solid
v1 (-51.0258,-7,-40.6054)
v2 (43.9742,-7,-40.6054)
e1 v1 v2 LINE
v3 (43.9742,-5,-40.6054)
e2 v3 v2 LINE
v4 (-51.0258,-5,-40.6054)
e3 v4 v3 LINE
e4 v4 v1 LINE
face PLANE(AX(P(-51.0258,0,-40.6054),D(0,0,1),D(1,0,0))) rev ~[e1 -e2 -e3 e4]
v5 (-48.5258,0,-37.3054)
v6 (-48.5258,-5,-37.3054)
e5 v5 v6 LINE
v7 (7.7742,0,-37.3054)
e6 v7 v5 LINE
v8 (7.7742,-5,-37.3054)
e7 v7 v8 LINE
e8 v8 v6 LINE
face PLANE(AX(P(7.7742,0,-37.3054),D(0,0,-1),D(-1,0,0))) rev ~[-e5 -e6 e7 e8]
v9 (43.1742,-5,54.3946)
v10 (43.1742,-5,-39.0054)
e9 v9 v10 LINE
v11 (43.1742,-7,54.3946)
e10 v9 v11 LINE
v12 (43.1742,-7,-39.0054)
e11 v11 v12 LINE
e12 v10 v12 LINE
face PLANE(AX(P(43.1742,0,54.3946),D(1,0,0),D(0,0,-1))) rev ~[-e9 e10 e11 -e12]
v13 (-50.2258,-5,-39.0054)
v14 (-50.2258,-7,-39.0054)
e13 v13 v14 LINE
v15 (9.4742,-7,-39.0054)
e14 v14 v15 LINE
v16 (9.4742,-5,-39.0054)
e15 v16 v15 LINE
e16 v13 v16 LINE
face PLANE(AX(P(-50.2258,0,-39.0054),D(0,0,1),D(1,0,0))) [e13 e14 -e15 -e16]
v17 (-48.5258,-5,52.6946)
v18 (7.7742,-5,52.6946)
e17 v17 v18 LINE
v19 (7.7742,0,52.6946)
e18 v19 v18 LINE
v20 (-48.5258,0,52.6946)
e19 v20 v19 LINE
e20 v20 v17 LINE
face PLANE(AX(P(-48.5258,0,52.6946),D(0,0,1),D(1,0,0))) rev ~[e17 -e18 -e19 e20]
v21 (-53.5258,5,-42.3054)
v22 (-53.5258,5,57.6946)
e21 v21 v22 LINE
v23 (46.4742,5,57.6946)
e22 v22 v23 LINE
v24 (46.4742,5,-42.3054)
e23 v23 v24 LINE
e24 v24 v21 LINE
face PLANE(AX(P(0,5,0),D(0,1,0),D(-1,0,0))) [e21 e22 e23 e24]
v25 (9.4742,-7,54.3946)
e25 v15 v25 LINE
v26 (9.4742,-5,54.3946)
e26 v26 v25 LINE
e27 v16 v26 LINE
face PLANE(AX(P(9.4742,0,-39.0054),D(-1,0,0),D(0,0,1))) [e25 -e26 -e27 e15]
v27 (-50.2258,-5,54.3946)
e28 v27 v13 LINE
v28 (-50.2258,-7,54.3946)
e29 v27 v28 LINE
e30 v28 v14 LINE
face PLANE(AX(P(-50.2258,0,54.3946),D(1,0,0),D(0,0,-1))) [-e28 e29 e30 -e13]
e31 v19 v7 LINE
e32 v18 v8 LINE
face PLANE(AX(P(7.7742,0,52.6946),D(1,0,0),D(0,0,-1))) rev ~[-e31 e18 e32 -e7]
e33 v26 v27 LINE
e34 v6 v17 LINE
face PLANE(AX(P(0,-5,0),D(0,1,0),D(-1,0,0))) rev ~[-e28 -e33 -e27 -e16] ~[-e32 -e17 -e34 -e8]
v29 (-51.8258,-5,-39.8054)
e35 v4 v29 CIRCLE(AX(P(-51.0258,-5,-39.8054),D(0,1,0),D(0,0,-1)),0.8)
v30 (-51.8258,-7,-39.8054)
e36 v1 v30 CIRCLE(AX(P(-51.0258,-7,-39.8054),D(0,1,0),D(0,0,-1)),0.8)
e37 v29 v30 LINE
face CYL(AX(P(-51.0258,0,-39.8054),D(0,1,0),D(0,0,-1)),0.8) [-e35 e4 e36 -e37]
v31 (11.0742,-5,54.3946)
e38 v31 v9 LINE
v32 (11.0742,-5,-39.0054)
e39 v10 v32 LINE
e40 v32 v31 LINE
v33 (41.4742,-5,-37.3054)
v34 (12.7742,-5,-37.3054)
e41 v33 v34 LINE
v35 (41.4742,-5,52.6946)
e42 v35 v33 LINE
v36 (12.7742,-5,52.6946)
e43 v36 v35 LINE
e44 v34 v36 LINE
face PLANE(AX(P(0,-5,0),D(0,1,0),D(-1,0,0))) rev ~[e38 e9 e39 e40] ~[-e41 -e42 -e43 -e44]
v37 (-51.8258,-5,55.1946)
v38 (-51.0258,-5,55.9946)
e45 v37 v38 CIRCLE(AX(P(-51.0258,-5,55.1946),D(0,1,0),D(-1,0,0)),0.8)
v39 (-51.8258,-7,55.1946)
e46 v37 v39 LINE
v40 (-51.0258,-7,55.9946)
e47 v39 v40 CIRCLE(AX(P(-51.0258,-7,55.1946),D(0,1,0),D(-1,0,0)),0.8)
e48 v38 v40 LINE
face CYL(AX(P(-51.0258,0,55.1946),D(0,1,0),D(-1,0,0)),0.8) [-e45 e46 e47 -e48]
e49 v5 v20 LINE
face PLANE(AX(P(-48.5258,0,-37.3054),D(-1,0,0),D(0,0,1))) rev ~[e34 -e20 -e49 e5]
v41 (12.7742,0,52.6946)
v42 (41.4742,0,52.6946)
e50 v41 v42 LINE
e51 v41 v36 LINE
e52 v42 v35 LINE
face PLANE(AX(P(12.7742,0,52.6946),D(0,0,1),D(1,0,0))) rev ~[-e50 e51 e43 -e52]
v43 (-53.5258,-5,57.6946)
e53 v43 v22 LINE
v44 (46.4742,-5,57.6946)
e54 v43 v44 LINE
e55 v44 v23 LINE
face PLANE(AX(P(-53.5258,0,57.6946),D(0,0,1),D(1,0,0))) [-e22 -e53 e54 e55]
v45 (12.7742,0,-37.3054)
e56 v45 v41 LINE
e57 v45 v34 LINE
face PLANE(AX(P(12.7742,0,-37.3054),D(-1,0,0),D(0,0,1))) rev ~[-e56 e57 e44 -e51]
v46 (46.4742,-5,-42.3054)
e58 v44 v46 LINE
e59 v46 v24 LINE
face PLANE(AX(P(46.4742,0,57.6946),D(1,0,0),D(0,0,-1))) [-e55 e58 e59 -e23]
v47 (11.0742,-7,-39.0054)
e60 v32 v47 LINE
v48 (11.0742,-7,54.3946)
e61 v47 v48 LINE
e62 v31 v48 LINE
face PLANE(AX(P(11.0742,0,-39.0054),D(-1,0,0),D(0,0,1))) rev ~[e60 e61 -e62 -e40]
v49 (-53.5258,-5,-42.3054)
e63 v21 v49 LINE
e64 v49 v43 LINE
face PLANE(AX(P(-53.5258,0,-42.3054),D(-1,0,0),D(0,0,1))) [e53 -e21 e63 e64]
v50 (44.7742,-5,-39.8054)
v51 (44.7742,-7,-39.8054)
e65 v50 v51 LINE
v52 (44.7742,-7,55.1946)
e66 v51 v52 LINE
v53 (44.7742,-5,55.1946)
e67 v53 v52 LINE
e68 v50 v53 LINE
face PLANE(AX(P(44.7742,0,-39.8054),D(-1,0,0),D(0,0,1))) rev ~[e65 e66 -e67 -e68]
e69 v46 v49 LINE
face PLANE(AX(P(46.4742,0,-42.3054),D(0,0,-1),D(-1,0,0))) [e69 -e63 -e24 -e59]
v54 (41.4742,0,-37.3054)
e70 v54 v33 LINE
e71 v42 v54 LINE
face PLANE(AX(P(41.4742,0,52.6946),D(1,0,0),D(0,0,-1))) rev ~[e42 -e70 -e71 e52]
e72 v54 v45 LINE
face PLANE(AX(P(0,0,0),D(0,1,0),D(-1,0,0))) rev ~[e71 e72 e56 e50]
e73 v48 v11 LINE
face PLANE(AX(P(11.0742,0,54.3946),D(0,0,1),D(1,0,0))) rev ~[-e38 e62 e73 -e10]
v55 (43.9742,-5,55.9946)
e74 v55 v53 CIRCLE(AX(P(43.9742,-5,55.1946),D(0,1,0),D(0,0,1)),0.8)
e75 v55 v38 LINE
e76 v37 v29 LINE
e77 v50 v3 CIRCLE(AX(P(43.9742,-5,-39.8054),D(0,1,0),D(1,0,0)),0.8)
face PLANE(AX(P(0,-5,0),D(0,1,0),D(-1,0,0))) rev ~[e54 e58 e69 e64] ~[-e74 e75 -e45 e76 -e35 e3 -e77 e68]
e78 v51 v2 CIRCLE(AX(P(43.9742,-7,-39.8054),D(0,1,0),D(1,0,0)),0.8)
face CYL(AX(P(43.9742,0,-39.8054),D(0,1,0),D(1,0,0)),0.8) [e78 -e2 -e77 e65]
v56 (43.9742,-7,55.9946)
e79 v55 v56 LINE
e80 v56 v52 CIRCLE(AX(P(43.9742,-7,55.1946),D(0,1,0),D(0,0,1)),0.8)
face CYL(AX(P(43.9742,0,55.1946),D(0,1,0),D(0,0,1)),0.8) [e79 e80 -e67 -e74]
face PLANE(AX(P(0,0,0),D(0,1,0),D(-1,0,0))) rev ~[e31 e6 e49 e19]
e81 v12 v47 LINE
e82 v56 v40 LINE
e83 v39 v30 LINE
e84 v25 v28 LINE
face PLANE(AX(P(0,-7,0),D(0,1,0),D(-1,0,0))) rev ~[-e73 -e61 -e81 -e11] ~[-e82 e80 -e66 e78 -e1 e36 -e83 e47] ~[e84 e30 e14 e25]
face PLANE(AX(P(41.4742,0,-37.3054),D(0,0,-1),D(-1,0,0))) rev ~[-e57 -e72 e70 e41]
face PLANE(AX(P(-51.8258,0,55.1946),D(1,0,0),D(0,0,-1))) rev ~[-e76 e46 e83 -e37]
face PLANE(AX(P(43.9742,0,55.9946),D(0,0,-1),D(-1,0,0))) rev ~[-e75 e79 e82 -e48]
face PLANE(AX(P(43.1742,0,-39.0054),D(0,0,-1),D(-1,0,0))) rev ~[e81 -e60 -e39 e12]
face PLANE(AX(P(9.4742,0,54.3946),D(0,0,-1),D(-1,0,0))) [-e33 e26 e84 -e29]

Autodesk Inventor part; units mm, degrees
ref_plane "YZ Plane" through (0, 0, 0) normal (1, 0, 0) x (0, 1, 0)
ref_plane "XZ Plane" through (0, 0, 0) normal (0, 1, 0) x (-1, 0, 0)
ref_plane "XY Plane" through (0, 0, 0) normal (0, 0, 1) x (1, 0, 0)
sketch "Sketch1" plane through (0, 0, 0) normal (0, 1, 0) x (-1, 0, 0)
  arc A0 (52.0258, 55.1946) -> (51.0258, 56.1946) centre (51.0258, 55.1946) ccw
  line L0 (-43.9742, 56.1946) -> (51.0258, 56.1946)
  arc A1 (-43.9742, 56.1946) -> (-44.9742, 55.1946) centre (-43.9742, 55.1946) ccw
  line L1 (-44.9742, -39.8054) -> (-44.9742, 55.1946)
  arc A2 (-44.9742, -39.8054) -> (-43.9742, -40.8054) centre (-43.9742, -39.8054) ccw
  line L2 (51.0258, -40.8054) -> (-43.9742, -40.8054)
  arc A3 (51.0258, -40.8054) -> (52.0258, -39.8054) centre (51.0258, -39.8054) ccw
  line L3 (52.0258, 55.1946) -> (52.0258, -39.8054)
  line L4 (-11.2742, 54.1946) -> (-42.9742, 54.1946)
  line L5 (-11.2742, -38.8054) -> (-11.2742, 54.1946)
  line L6 (-42.9742, -38.8054) -> (-11.2742, -38.8054)
  line L7 (-42.9742, 54.1946) -> (-42.9742, -38.8054)
  line L8 (50.0258, -38.8054) -> (50.0258, 54.1946)
  line L9 (-9.2742, -38.8054) -> (50.0258, -38.8054)
  line L10 (-9.2742, 54.1946) -> (-9.2742, -38.8054)
  line L11 (50.0258, 54.1946) -> (-9.2742, 54.1946)
  line L12 (53.5258, 57.6946) -> (-46.4742, 57.6946)
  line L13 (-46.4742, 57.6946) -> (-46.4742, -42.3054)
  line L14 (-46.4742, -42.3054) -> (53.5258, -42.3054)
  line L15 (53.5258, -42.3054) -> (53.5258, 57.6946)
  line L16 (51.0258, 55.1946) -> (-43.9742, 55.1946) construction
  line L17 (-43.9742, 55.1946) -> (-43.9742, -39.8054) construction
  line L18 (-43.9742, -39.8054) -> (51.0258, -39.8054) construction
  line L19 (51.0258, -39.8054) -> (51.0258, 55.1946) construction
  line L20 (-41.4742, -37.3054) -> (-12.7742, -37.3054)
  line L21 (-12.7742, -37.3054) -> (-12.7742, 52.6946)
  line L22 (-12.7742, 52.6946) -> (-41.4742, 52.6946)
  line L23 (-41.4742, 52.6946) -> (-41.4742, -37.3054)
  line L24 (-7.7742, -37.3054) -> (48.5258, -37.3054)
  line L25 (48.5258, -37.3054) -> (48.5258, 52.6946)
  line L26 (48.5258, 52.6946) -> (-7.7742, 52.6946)
  line L27 (-7.7742, 52.6946) -> (-7.7742, -37.3054)
  line L28 (-10.2742, 55.1946) -> (-10.2742, -39.8054) construction
  arc A4 (51.0258, -40.6054) -> (51.8258, -39.8054) centre (51.0258, -39.8054) ccw
  line L29 (51.0258, -40.6054) -> (-43.9742, -40.6054)
  arc A5 (-44.7742, -39.8054) -> (-43.9742, -40.6054) centre (-43.9742, -39.8054) ccw
  line L30 (-44.7742, -39.8054) -> (-44.7742, 55.1946)
  arc A6 (-43.9742, 55.9946) -> (-44.7742, 55.1946) centre (-43.9742, 55.1946) ccw
  line L31 (-43.9742, 55.9946) -> (51.0258, 55.9946)
  arc A7 (51.8258, 55.1946) -> (51.0258, 55.9946) centre (51.0258, 55.1946) ccw
  line L32 (51.8258, 55.1946) -> (51.8258, -39.8054)
  line L33 (50.2258, 54.3946) -> (50.2258, -39.0054)
  line L34 (50.2258, -39.0054) -> (-9.4742, -39.0054)
  line L35 (-9.4742, -39.0054) -> (-9.4742, 54.3946)
  line L36 (-9.4742, 54.3946) -> (50.2258, 54.3946)
  line L37 (-43.1742, -39.0054) -> (-11.0742, -39.0054)
  line L38 (-11.0742, -39.0054) -> (-11.0742, 54.3946)
  line L39 (-11.0742, 54.3946) -> (-43.1742, 54.3946)
  line L40 (-43.1742, 54.3946) -> (-43.1742, -39.0054)
  point P0 (0, 0)
  point P1 (-29.6242, 39.9946)
  dimension "d0" = 2
  dimension "d1" = 2.5
  dimension "d2" = 2.5
  dimension "d3" = 2.5
  dimension "d4" = 2.5
  dimension "d5" = 2.5
  dimension "d6" = 2.5
  dimension "d7" = 2.5
  dimension "d8" = 2.5
  dimension "d9" = 5
  dimension "d10" = 1
  dimension "d11" = 2
  dimension "d12" = 2.5
  dimension "d13" = 0.2
  dimension "d14" = 0.2
  dimension "d15" = 0.2
extrude "Extrusion1" add sketch "Sketch1" along normal blind 5 contours L3 A3 L2 A2 L1 A1 L0 A0 | L5 L6 L7 L4 | L9 L10 L11 L8 | L15 L14 L13 L12 | L23 L22 L21 L20 | L27 L26 L25 L24 | L29 A5 L30 A6 L31 A7 L32 A4 | L33 L34 L35 L36 | L40 L39 L38 L37
extrude "Extrusion2" add sketch "Sketch1" against normal blind 5 contours L3 A3 L2 A2 L1 A1 L0 A0 | L5 L6 L7 L4 | L9 L10 L11 L8 | L15 L14 L13 L12 | L29 A5 L30 A6 L31 A7 L32 A4 | L33 L34 L35 L36 | L40 L39 L38 L37
extrude "Extrusion3" add sketch "Sketch1" against normal blind 7 contours L29 A5 L30 A6 L31 A7 L32 A4
equation "\"d2\" = d1"
equation "\"d3\" = d2"
equation "\"d4\" = d1"
equation "\"d5\" = d2"
equation "\"d6\" = d1"
equation "\"d7\" = d4"
equation "\"d8\" = d7"
equation "\"d10\" = 0.5 * d11"
equation "\"d12\" = 0.5 * d9"
equation "\"d14\" = d13"
equation "\"d15\" = d14"
properties part number "plantBottomPlate"
